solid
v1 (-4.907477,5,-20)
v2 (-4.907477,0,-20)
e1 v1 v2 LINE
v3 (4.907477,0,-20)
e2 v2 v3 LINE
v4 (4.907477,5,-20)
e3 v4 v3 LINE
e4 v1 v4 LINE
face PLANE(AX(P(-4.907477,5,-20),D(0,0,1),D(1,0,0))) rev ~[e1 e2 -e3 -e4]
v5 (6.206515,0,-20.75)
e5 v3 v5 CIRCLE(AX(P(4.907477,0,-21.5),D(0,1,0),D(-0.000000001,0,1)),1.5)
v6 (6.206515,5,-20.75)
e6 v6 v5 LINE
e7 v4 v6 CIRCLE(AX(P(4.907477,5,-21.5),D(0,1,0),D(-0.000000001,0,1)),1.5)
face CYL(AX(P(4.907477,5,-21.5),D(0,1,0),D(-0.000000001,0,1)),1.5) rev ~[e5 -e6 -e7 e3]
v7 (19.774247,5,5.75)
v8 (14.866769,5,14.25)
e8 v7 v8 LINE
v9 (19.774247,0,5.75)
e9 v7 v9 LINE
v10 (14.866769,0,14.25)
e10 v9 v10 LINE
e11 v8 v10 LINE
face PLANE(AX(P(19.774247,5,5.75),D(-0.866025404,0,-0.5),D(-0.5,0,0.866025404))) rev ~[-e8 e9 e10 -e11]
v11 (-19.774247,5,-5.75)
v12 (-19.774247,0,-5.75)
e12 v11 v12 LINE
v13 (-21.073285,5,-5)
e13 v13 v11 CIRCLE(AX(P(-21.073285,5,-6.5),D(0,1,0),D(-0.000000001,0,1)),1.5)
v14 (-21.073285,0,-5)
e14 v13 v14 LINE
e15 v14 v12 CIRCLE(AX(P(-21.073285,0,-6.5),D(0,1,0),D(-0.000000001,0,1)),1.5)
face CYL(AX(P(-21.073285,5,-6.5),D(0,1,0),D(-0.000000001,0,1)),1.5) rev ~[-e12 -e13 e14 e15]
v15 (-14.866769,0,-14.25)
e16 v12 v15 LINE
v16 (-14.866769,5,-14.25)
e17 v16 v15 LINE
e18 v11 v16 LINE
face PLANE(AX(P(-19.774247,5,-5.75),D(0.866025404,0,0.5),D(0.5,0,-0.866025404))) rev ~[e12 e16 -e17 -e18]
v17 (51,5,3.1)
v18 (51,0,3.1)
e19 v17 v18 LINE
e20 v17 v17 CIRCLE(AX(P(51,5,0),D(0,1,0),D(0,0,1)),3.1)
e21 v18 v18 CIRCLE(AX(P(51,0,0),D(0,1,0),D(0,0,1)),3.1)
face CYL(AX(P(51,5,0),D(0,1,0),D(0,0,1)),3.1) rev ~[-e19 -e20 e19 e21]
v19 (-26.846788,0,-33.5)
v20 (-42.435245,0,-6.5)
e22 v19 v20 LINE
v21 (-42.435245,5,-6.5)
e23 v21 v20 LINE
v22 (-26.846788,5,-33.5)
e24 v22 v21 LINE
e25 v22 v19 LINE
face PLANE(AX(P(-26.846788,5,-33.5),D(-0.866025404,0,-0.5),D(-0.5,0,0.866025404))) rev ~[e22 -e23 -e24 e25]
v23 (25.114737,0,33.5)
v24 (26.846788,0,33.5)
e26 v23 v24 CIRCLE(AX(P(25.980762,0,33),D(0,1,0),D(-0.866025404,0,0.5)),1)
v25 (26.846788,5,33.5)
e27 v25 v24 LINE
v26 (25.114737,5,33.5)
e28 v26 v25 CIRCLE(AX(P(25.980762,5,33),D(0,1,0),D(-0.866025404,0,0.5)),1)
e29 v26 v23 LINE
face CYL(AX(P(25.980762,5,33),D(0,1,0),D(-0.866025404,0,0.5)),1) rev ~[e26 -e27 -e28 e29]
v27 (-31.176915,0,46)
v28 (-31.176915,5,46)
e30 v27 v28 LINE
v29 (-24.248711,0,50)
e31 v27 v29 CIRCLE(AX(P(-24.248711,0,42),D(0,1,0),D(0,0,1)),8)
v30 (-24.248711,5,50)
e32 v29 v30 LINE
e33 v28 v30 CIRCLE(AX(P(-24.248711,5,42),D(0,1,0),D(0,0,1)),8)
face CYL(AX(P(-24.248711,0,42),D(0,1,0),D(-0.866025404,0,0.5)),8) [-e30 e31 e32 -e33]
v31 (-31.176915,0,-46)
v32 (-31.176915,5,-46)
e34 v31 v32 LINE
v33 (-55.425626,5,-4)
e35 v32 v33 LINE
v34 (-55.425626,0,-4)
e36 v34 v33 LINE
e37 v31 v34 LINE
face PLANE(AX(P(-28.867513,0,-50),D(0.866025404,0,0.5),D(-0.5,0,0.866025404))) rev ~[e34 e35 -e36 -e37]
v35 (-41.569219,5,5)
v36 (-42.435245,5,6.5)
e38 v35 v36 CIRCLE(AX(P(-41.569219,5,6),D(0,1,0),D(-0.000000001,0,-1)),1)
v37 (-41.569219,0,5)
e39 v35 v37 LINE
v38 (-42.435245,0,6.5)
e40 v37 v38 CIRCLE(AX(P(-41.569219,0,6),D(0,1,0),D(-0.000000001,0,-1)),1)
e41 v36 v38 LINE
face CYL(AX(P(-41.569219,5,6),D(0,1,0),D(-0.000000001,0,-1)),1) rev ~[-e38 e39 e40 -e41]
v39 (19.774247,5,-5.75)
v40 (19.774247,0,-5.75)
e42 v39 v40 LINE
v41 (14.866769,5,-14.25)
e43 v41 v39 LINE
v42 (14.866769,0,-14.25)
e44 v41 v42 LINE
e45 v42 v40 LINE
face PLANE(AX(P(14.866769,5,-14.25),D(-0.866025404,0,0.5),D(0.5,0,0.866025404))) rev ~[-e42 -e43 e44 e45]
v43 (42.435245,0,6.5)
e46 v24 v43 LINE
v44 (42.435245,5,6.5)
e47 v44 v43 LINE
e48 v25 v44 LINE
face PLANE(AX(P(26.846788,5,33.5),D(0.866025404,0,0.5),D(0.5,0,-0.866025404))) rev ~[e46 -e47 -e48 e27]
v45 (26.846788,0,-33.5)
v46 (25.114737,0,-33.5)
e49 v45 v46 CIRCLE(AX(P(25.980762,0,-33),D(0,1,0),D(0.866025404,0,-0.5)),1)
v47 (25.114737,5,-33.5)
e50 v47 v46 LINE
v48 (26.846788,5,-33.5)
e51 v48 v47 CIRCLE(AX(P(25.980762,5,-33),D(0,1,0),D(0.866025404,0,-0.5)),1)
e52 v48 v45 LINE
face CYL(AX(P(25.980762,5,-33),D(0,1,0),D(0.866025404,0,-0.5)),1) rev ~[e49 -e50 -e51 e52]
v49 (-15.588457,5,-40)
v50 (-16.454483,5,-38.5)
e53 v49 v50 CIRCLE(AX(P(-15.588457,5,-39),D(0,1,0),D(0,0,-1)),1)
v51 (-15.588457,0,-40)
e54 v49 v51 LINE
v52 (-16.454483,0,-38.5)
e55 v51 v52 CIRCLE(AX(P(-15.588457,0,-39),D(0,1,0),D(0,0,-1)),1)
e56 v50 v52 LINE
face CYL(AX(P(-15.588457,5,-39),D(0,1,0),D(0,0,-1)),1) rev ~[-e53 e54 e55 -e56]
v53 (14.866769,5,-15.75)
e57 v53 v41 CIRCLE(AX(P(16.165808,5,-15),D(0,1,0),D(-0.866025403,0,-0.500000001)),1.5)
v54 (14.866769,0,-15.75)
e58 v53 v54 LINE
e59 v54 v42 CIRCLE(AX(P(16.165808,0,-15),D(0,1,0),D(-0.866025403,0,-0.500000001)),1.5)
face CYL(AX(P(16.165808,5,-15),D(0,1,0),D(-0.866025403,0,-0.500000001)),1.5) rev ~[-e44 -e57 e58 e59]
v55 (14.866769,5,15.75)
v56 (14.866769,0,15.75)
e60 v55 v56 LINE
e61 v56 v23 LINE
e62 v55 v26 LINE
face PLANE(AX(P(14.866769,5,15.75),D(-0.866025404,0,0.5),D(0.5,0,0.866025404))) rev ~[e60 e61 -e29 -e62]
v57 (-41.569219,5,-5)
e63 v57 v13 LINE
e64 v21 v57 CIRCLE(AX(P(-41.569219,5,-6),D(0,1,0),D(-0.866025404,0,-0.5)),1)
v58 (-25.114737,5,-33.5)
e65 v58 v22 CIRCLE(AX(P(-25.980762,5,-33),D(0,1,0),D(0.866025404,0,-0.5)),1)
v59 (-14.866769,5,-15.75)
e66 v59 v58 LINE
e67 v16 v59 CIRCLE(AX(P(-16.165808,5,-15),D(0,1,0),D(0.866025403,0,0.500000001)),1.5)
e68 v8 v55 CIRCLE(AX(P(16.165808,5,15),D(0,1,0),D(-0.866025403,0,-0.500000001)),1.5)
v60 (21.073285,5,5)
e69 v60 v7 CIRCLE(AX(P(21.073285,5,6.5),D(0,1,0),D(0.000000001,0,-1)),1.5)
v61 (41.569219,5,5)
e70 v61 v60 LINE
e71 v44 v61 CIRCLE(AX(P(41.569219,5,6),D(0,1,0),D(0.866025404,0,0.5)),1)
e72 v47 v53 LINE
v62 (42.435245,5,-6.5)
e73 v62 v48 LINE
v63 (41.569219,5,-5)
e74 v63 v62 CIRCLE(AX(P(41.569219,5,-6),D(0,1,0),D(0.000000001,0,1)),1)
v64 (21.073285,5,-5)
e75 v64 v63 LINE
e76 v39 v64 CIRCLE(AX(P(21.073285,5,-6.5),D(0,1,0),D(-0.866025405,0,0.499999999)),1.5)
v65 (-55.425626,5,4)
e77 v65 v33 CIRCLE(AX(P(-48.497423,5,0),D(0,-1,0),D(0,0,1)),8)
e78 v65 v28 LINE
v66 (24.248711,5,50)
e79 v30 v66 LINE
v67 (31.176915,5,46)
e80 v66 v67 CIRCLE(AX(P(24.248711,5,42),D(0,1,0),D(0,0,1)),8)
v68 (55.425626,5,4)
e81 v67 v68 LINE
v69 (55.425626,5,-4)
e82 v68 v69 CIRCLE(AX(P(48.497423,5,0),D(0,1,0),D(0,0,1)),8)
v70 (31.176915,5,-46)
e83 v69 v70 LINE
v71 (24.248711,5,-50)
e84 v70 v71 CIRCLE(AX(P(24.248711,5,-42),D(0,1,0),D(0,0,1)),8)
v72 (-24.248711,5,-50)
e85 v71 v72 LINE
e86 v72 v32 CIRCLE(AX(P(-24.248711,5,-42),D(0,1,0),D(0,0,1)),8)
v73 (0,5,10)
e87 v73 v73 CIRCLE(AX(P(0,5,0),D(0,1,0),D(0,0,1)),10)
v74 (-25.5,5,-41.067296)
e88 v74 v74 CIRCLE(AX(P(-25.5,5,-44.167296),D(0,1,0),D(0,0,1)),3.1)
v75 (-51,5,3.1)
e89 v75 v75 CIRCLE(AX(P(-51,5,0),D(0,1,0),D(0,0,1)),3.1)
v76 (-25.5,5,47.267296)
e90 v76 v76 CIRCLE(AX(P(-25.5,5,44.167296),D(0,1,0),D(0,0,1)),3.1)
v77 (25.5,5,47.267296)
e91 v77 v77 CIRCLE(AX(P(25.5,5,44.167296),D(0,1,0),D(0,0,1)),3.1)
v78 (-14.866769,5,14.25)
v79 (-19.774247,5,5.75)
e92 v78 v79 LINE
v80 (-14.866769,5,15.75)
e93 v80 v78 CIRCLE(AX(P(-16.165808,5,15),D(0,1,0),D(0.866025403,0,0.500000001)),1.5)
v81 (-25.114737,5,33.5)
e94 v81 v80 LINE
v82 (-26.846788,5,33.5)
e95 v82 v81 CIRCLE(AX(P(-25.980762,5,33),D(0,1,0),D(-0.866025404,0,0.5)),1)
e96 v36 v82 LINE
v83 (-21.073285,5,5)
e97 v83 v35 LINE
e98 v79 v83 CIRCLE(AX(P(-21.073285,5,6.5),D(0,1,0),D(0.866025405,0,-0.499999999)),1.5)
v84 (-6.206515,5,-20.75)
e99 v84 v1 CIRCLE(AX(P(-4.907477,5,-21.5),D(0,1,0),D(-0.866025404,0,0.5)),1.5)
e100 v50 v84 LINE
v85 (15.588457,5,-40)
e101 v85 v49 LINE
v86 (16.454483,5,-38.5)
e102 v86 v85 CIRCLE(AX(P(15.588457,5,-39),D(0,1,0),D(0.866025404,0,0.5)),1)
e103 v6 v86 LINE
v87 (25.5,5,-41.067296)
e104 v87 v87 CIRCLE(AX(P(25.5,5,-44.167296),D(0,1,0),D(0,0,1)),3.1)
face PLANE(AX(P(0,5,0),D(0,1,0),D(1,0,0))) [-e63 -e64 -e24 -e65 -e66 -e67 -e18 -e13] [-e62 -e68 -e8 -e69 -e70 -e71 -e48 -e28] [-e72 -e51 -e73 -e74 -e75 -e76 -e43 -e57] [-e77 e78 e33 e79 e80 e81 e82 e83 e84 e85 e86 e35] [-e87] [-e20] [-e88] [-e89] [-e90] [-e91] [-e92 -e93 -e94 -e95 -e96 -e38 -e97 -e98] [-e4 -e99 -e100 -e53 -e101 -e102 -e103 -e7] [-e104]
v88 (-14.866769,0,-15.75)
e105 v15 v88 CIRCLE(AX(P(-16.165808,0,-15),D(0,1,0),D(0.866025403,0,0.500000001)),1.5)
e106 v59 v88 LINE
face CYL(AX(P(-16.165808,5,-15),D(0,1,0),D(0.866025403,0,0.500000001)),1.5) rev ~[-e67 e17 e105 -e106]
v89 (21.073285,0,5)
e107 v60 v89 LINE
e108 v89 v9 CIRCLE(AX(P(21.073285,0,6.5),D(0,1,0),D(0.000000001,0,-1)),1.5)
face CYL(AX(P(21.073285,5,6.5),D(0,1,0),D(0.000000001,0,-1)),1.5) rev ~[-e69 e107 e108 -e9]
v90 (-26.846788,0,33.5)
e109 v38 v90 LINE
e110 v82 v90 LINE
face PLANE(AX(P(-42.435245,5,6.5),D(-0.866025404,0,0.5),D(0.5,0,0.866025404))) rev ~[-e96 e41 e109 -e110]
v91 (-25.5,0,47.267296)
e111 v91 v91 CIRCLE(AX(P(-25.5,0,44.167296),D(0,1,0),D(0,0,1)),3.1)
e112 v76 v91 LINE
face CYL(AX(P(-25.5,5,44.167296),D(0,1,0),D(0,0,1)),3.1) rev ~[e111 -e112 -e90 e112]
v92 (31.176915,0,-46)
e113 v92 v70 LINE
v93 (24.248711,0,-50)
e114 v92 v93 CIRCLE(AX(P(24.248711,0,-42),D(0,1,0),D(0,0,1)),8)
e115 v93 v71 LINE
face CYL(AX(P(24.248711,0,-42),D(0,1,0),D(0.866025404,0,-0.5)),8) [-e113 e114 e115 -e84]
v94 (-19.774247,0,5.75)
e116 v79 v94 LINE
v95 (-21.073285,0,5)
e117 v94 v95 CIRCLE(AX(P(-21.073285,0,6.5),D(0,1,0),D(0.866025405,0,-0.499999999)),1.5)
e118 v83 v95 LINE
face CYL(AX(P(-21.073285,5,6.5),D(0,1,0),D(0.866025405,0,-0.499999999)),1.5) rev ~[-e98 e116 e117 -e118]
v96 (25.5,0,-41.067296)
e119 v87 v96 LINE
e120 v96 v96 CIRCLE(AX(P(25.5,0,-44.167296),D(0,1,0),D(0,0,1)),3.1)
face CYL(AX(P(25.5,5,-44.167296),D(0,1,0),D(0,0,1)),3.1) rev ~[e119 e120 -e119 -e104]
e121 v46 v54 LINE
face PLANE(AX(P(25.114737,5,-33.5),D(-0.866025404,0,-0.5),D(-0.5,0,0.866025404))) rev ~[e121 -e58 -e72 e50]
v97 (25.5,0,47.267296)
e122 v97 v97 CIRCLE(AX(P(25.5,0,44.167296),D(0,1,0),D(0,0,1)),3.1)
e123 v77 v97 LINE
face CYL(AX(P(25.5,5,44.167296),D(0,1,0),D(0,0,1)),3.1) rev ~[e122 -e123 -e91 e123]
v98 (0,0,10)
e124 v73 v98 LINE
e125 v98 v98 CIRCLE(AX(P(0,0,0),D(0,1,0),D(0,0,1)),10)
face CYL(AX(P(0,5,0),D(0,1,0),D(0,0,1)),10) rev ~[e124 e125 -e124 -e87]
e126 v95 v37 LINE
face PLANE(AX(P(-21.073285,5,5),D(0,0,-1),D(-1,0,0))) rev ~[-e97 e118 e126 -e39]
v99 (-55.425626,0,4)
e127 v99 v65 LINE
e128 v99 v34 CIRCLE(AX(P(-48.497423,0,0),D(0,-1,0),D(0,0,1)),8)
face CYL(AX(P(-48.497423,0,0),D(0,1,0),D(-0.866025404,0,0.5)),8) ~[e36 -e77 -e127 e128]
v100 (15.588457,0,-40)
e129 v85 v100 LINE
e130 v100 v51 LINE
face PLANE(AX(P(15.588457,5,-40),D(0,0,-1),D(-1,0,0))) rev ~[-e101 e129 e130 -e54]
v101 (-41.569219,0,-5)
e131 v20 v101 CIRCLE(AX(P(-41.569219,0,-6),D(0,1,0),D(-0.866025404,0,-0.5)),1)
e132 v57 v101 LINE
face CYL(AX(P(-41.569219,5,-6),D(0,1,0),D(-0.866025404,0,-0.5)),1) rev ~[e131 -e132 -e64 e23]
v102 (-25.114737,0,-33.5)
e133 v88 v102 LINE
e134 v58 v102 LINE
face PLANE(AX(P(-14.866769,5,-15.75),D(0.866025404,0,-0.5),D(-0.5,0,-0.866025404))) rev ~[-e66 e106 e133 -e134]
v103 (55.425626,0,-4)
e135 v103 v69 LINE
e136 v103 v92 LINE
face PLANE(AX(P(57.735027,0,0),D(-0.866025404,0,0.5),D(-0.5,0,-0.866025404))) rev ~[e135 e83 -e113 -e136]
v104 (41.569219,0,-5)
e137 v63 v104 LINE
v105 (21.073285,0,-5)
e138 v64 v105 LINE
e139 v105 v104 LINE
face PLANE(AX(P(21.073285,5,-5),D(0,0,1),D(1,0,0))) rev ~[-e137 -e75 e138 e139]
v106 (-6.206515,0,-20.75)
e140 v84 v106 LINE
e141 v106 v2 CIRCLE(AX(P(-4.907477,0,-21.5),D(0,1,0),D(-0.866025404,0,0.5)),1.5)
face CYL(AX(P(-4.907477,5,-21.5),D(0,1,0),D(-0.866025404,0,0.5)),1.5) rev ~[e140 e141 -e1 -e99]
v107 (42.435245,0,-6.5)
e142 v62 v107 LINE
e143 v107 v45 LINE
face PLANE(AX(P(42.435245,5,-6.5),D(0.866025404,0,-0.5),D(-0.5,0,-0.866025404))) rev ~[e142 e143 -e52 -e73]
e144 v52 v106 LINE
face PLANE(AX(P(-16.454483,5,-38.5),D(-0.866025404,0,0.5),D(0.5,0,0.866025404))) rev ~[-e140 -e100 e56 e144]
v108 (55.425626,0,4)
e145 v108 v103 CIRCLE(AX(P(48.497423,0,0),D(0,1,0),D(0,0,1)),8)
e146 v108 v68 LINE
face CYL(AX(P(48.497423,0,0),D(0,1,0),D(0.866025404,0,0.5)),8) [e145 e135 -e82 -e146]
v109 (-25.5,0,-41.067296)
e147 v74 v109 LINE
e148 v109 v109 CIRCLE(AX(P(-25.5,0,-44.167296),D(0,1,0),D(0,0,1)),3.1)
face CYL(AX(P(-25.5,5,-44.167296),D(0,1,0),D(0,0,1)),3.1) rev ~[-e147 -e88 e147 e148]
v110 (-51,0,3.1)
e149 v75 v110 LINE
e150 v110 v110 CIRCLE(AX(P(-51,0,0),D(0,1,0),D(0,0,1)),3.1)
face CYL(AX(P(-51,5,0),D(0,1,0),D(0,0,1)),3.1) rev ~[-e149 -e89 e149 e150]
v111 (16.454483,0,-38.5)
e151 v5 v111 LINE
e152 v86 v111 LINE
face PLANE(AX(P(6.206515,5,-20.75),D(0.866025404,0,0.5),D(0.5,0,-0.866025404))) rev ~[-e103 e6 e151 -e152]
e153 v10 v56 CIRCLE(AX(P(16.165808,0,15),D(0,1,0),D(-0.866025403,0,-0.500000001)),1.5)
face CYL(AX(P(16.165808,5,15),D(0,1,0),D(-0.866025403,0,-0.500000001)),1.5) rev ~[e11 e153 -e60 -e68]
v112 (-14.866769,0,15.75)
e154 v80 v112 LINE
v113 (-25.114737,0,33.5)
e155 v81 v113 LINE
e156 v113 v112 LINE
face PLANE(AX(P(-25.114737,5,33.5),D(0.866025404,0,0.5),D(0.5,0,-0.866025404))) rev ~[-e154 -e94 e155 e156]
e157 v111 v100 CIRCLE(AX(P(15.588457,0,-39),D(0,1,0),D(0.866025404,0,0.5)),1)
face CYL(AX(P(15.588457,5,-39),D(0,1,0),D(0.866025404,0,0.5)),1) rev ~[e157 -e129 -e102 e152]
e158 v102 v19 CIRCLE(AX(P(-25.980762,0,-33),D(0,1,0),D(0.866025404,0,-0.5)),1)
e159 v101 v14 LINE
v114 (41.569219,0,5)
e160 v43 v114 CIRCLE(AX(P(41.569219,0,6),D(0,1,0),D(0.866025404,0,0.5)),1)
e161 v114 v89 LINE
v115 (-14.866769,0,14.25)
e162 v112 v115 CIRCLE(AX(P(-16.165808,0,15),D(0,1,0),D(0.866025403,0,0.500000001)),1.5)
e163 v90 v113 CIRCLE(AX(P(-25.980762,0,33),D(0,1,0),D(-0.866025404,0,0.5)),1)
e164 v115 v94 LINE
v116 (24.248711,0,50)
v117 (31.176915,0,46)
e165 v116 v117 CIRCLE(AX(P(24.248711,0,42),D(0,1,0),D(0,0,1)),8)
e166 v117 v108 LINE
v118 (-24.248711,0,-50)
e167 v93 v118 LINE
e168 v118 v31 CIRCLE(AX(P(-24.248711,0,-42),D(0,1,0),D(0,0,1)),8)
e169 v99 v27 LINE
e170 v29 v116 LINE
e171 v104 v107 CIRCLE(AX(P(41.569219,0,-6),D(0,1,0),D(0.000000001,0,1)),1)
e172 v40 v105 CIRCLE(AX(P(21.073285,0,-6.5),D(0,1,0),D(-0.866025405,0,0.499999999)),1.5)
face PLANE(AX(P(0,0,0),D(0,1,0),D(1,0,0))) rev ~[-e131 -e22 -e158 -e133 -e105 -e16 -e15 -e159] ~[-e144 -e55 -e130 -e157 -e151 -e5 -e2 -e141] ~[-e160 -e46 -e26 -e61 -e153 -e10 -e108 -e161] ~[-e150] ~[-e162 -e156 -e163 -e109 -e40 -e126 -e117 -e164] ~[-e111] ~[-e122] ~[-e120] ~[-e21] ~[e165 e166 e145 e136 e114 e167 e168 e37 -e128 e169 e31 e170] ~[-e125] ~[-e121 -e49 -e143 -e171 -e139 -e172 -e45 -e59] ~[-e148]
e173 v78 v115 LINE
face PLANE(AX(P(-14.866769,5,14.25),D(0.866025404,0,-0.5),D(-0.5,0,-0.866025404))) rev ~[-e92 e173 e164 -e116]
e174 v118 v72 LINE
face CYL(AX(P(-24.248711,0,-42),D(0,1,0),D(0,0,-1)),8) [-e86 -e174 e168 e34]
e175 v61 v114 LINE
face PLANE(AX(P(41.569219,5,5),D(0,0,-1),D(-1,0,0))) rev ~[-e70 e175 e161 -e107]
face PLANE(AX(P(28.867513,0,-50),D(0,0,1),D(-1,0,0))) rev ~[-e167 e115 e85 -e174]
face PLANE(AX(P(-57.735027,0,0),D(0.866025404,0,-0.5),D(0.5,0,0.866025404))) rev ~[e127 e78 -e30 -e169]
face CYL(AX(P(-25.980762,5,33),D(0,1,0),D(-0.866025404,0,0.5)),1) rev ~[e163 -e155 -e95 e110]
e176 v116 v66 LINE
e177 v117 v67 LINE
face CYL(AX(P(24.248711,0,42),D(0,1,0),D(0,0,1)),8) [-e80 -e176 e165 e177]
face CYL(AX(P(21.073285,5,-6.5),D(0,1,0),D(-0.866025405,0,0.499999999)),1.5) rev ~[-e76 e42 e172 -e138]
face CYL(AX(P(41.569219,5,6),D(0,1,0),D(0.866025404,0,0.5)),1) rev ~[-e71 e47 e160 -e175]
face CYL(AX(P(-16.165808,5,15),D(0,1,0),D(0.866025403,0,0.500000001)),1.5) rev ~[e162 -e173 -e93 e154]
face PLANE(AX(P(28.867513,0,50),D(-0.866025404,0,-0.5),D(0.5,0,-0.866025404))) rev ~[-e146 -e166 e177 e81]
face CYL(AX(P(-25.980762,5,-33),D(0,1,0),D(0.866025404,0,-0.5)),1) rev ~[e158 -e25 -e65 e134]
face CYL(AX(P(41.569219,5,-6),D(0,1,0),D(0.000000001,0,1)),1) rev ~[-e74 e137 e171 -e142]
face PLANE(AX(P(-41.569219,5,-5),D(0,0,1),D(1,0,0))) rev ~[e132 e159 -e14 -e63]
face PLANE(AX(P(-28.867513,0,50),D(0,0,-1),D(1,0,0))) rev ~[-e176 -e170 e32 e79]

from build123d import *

# Parameters (mm, degrees)
BOSS_EXTRUDE1_DEPTH = 5
FILLET1_R           = 8
SKETCH2_R           = 10
SKETCH2_R_2         = 3.1
CUT_EXTRUDE1_DEPTH  = 10


with BuildPart() as part:
    # Sketch1 → Boss-Extrude1 (new body)
    with BuildSketch(Plane(origin=(0, 0, 0), x_dir=(1, 0, 0), z_dir=(0, 1, 0))):
        Polygon((-57.735026919, 0), (-28.867513459, -50), (28.867513459, -50), (57.735026919, 0), (28.867513459, 50), (-28.867513459, 50), align=None)
    extrude(amount=BOSS_EXTRUDE1_DEPTH)

    # Fillet1
    fillet1_edges = [part.edges().sort_by_distance(p)[0] for p in [
        (-28.867513459, 2.5, -50),
        (28.867513459, 2.5, -50),
        (57.735026919, 2.5, 0),
        (28.867513459, 2.5, 50),
        (-28.867513459, 2.5, 50),
        (-57.735026919, 2.5, 0),
    ]]
    fillet(fillet1_edges, radius=FILLET1_R)

    # Sketch2 → Cut-Extrude1 (cut)
    with BuildSketch(Plane(origin=(0, 5, 0), x_dir=(1, 0, 0), z_dir=(0, 1, 0))):
        with Locations(Location((0, 0, 0), (0, 0, 270))):
            Circle(SKETCH2_R)
        with Locations(Location((-25.5, 44.167295593, 0), (0, 0, 270))):
            Circle(SKETCH2_R_2)
        with Locations(Location((25.5, 44.167295593, 0), (0, 0, 270))):
            Circle(SKETCH2_R_2)
        with Locations(Location((51, 0, 0), (0, 0, 270))):
            Circle(SKETCH2_R_2)
        with Locations(Location((25.5, -44.167295593, 0), (0, 0, 270))):
            Circle(SKETCH2_R_2)
        with Locations(Location((-25.5, -44.167295593, 0), (0, 0, 270))):
            Circle(SKETCH2_R_2)
        with Locations(Location((-51, 0, 0), (0, 0, 270))):
            Circle(SKETCH2_R_2)
        with BuildLine():
            Line((6.206515394, 20.75), (16.454482672, 38.5))
            ThreePointArc((16.454482672, 38.5), (16.454482672, 39.5), (15.588457268, 40))
            Line((15.588457268, 40), (-15.588457268, 40))
            ThreePointArc((-15.588457268, 40), (-16.454482672, 39.5), (-16.454482672, 38.5))
            Line((-16.454482672, 38.5), (-6.206515394, 20.75))
            ThreePointArc((-6.206515394, 20.75), (-5.657477288, 20.200961894), (-4.907477288, 20))
            Line((-4.907477288, 20), (4.907477288, 20))
            ThreePointArc((4.907477288, 20), (5.657477288, 20.200961894), (6.206515394, 20.75))
        make_face()
        with BuildLine():
            Line((21.073284825, 5), (41.569219382, 5))
            ThreePointArc((41.569219382, 5), (42.435244785, 5.5), (42.435244785, 6.5))
            Line((42.435244785, 6.5), (26.846787517, 33.5))
            ThreePointArc((26.846787517, 33.5), (25.980762114, 34), (25.11473671, 33.5))
            Line((25.11473671, 33.5), (14.866769432, 15.75))
            ThreePointArc((14.866769432, 15.75), (14.665807537, 15), (14.866769432, 14.25))
            Line((14.866769432, 14.25), (19.77424672, 5.75))
            ThreePointArc((19.77424672, 5.75), (20.323284825, 5.200961894), (21.073284825, 5))
        make_face()
        with BuildLine():
            Line((14.866769432, -15.75), (25.11473671, -33.5))
            ThreePointArc((25.11473671, -33.5), (25.980762114, -34), (26.846787517, -33.5))
            Line((26.846787517, -33.5), (42.435244785, -6.5))
            ThreePointArc((42.435244785, -6.5), (42.435244785, -5.5), (41.569219382, -5))
            Line((41.569219382, -5), (21.073284825, -5))
            ThreePointArc((21.073284825, -5), (20.323284825, -5.200961894), (19.77424672, -5.75))
            Line((19.77424672, -5.75), (14.866769432, -14.25))
            ThreePointArc((14.866769432, -14.25), (14.665807537, -15), (14.866769432, -15.75))
        make_face()
        with BuildLine():
            Line((-21.073284825, -5), (-41.569219382, -5))
            ThreePointArc((-41.569219382, -5), (-42.435244785, -5.5), (-42.435244785, -6.5))
            Line((-42.435244785, -6.5), (-26.846787517, -33.5))
            ThreePointArc((-26.846787517, -33.5), (-25.980762114, -34), (-25.11473671, -33.5))
            Line((-25.11473671, -33.5), (-14.866769432, -15.75))
            ThreePointArc((-14.866769432, -15.75), (-14.665807537, -15), (-14.866769432, -14.25))
            Line((-14.866769432, -14.25), (-19.77424672, -5.75))
            ThreePointArc((-19.77424672, -5.75), (-20.323284825, -5.200961894), (-21.073284825, -5))
        make_face()
        with BuildLine():
            Line((-14.866769432, 15.75), (-25.11473671, 33.5))
            ThreePointArc((-25.11473671, 33.5), (-25.980762114, 34), (-26.846787517, 33.5))
            Line((-26.846787517, 33.5), (-42.435244785, 6.5))
            ThreePointArc((-42.435244785, 6.5), (-42.435244785, 5.5), (-41.569219382, 5))
            Line((-41.569219382, 5), (-21.073284825, 5))
            ThreePointArc((-21.073284825, 5), (-20.323284825, 5.200961894), (-19.77424672, 5.75))
            Line((-19.77424672, 5.75), (-14.866769432, 14.25))
            ThreePointArc((-14.866769432, 14.25), (-14.665807537, 15), (-14.866769432, 15.75))
        make_face()
    extrude(amount=-CUT_EXTRUDE1_DEPTH, mode=Mode.SUBTRACT)


solid = part.part
